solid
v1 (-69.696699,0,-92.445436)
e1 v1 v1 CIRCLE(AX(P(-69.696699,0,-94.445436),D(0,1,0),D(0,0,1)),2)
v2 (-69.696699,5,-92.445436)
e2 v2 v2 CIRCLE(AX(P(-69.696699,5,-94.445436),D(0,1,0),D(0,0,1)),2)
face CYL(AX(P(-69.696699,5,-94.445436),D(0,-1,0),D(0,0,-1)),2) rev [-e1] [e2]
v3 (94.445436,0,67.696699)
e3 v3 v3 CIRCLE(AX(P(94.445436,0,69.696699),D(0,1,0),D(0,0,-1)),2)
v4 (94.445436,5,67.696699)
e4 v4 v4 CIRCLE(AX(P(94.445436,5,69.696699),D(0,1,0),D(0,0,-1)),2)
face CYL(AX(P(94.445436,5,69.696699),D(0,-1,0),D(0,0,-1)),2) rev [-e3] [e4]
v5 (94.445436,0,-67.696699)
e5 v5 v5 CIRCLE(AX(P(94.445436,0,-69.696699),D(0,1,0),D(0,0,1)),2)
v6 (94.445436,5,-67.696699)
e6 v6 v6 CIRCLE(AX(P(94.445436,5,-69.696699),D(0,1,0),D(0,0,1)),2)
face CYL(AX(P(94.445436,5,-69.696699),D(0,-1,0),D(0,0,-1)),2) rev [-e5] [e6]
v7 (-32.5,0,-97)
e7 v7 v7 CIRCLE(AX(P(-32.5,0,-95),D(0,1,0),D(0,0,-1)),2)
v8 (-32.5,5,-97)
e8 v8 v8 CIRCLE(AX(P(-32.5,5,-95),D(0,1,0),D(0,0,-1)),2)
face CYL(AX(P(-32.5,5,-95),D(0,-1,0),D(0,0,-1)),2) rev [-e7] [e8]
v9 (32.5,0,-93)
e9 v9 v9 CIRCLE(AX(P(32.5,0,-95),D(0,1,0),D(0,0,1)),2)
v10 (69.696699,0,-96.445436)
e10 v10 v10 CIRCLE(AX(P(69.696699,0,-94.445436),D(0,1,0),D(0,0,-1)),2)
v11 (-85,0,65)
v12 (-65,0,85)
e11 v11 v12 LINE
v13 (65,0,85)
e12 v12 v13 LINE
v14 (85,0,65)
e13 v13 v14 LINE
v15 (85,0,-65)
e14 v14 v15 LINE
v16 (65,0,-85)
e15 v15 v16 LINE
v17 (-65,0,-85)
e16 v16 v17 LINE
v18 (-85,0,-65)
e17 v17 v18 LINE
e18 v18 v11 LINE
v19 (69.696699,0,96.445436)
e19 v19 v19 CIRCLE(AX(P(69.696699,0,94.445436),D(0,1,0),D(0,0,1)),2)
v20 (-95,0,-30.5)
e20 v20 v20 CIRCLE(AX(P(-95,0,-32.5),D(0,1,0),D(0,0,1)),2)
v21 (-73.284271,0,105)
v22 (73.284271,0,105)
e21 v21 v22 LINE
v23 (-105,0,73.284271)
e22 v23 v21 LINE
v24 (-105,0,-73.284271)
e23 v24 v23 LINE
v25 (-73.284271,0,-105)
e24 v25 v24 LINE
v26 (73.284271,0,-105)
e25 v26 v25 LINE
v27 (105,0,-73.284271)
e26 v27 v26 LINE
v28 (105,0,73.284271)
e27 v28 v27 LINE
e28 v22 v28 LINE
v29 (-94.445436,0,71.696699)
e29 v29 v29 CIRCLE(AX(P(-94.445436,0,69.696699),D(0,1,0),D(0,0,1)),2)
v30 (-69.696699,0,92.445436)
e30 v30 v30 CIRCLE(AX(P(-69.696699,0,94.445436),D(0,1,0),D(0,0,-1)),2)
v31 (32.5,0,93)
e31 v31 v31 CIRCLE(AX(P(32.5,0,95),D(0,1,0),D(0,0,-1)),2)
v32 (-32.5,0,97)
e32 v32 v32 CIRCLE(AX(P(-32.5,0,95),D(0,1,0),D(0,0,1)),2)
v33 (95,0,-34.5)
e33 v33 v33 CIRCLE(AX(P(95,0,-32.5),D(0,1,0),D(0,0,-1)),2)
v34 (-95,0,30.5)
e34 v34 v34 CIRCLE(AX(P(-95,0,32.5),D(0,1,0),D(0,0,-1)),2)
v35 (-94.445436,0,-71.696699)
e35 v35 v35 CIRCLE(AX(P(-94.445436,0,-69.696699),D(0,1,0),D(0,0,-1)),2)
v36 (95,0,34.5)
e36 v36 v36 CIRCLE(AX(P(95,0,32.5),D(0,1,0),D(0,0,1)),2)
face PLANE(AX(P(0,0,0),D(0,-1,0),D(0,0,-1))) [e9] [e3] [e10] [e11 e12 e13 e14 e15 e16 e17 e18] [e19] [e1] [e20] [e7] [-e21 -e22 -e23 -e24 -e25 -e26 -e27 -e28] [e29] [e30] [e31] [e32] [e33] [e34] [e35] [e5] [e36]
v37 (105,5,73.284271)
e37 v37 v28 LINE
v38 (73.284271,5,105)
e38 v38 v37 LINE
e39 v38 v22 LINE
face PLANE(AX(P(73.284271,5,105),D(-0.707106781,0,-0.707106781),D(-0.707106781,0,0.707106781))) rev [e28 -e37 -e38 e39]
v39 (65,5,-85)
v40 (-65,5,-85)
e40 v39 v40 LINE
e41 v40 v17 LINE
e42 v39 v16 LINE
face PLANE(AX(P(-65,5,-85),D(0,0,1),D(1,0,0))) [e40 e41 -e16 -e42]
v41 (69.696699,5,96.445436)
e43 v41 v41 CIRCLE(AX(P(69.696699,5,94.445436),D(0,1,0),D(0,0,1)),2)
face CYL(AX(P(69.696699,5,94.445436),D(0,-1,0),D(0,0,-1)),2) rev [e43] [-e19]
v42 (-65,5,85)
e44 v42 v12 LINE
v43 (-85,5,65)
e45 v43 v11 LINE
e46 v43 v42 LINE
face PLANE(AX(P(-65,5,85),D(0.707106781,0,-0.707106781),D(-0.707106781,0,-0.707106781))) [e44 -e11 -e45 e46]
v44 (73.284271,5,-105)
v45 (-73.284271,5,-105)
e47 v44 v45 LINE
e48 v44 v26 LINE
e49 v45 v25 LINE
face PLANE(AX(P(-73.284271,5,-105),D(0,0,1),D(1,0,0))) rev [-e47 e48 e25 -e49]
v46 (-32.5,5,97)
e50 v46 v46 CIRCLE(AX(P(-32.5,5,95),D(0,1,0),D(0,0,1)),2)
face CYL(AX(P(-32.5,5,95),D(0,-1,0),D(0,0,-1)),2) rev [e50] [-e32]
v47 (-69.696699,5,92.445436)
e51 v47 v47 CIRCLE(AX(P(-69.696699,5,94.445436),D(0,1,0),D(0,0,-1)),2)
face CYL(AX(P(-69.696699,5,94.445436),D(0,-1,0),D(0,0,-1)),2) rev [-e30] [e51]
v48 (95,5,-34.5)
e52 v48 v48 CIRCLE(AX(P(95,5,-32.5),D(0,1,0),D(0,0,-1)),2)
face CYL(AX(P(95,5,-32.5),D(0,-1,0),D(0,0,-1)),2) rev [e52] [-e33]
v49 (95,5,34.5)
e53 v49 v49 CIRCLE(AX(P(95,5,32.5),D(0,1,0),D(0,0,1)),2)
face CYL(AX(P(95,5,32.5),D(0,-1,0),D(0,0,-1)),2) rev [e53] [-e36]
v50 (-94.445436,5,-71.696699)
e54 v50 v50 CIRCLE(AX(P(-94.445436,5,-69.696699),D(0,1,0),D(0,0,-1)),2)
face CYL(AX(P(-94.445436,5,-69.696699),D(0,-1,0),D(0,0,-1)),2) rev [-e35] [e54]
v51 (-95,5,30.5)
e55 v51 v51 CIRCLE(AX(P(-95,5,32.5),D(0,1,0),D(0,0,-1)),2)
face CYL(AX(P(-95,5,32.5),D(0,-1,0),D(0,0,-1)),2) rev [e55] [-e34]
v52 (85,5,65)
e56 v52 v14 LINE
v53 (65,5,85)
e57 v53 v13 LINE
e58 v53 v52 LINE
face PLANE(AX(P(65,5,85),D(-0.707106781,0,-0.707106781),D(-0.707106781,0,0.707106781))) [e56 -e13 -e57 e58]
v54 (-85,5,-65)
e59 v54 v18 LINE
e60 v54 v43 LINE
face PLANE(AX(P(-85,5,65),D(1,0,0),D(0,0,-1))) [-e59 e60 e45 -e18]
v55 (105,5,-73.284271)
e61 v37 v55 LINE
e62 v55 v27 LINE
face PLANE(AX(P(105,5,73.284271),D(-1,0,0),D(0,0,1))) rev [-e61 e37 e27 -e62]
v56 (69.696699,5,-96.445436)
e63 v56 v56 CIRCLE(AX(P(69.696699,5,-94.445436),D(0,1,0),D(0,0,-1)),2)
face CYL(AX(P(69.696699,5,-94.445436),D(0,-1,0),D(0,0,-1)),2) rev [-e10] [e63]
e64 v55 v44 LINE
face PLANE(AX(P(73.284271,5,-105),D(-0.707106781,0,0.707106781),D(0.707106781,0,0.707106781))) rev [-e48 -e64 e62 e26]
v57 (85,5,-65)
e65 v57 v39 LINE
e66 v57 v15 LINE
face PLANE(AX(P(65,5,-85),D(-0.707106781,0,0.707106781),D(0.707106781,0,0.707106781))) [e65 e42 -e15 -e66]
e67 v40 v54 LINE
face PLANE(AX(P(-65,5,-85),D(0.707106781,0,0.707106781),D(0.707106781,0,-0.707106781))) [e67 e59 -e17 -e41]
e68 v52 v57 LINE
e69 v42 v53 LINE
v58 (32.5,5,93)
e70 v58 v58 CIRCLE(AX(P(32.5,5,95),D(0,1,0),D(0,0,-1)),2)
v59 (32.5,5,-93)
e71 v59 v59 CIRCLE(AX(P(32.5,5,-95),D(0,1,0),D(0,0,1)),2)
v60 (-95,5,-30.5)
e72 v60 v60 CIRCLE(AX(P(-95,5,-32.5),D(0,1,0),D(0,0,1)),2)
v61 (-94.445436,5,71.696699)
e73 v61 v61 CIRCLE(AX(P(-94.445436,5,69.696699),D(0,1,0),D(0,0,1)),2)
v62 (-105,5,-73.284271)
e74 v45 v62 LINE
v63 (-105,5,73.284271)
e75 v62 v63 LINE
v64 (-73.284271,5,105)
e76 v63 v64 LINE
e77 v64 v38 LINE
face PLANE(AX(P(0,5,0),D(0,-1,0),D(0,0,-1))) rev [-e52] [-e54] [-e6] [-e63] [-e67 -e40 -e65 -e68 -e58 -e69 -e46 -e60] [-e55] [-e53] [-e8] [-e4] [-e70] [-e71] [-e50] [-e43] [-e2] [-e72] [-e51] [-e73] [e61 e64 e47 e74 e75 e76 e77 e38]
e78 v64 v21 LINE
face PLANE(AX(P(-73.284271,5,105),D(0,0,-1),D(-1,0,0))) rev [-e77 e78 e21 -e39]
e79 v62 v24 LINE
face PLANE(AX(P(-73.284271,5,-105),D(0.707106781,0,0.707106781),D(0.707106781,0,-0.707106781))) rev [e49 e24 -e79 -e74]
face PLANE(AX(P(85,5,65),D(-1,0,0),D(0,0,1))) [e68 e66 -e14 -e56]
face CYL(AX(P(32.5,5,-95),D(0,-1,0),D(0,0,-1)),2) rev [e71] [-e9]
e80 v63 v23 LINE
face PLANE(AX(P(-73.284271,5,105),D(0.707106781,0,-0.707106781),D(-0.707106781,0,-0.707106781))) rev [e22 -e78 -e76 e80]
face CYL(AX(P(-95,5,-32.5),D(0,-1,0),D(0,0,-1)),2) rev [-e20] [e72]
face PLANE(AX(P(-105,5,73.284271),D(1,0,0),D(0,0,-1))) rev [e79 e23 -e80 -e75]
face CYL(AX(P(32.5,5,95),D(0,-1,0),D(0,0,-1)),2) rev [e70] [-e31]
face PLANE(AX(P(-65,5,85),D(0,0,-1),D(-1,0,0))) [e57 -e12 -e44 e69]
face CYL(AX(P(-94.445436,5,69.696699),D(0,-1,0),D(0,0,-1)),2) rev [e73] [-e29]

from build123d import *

# Parameters (mm, degrees)
SKETCH1_R           = 2
BOSS_EXTRUDE1_DEPTH = 5


with BuildPart() as part:
    # Sketch1 → Boss-Extrude1 (new body)
    with BuildSketch(Plane(origin=(0, 0, 0), x_dir=(1, 0, 0), z_dir=(0, 1, 0))):
        Polygon((105, -73.284271247), (105, 73.284271247), (73.284271247, 105), (-73.284271247, 105), (-105, 73.284271247), (-105, -73.284271247), (-73.284271247, -105), (73.284271247, -105), align=None)
        with Locations(Location((-95, 32.5, 0), (0, 0, 270))):
            Circle(SKETCH1_R, mode=Mode.SUBTRACT)
        with Locations(Location((-95, -32.5, 0), (0, 0, 90))):
            Circle(SKETCH1_R, mode=Mode.SUBTRACT)
        with Locations(Location((32.5, 95, 0), (0, 0, 270))):
            Circle(SKETCH1_R, mode=Mode.SUBTRACT)
        with Locations(Location((-32.5, 95, 0), (0, 0, 90))):
            Circle(SKETCH1_R, mode=Mode.SUBTRACT)
        with Locations(Location((-32.5, -95, 0), (0, 0, 270))):
            Circle(SKETCH1_R, mode=Mode.SUBTRACT)
        with Locations(Location((32.5, -95, 0), (0, 0, 90))):
            Circle(SKETCH1_R, mode=Mode.SUBTRACT)
        with Locations(Location((95, -32.5, 0), (0, 0, 270))):
            Circle(SKETCH1_R, mode=Mode.SUBTRACT)
        with Locations(Location((95, 32.5, 0), (0, 0, 90))):
            Circle(SKETCH1_R, mode=Mode.SUBTRACT)
        with Locations(Location((-94.445436483, -69.696699141, 0), (0, 0, 270))):
            Circle(SKETCH1_R, mode=Mode.SUBTRACT)
        with Locations(Location((-69.696699141, -94.445436483, 0), (0, 0, 90))):
            Circle(SKETCH1_R, mode=Mode.SUBTRACT)
        with Locations(Location((69.696699141, -94.445436483, 0), (0, 0, 270))):
            Circle(SKETCH1_R, mode=Mode.SUBTRACT)
        with Locations(Location((94.445436483, -69.696699141, 0), (0, 0, 90))):
            Circle(SKETCH1_R, mode=Mode.SUBTRACT)
        with Locations(Location((-94.445436483, 69.696699141, 0), (0, 0, 90))):
            Circle(SKETCH1_R, mode=Mode.SUBTRACT)
        with Locations(Location((-69.696699141, 94.445436483, 0), (0, 0, 270))):
            Circle(SKETCH1_R, mode=Mode.SUBTRACT)
        with Locations(Location((69.696699141, 94.445436483, 0), (0, 0, 90))):
            Circle(SKETCH1_R, mode=Mode.SUBTRACT)
        with Locations(Location((94.445436483, 69.696699141, 0), (0, 0, 270))):
            Circle(SKETCH1_R, mode=Mode.SUBTRACT)
        Polygon((65, 85), (85, 65), (85, -65), (65, -85), (-65, -85), (-85, -65), (-85, 65), (-65, 85), align=None, mode=Mode.SUBTRACT)
    extrude(amount=BOSS_EXTRUDE1_DEPTH)


solid = part.part
